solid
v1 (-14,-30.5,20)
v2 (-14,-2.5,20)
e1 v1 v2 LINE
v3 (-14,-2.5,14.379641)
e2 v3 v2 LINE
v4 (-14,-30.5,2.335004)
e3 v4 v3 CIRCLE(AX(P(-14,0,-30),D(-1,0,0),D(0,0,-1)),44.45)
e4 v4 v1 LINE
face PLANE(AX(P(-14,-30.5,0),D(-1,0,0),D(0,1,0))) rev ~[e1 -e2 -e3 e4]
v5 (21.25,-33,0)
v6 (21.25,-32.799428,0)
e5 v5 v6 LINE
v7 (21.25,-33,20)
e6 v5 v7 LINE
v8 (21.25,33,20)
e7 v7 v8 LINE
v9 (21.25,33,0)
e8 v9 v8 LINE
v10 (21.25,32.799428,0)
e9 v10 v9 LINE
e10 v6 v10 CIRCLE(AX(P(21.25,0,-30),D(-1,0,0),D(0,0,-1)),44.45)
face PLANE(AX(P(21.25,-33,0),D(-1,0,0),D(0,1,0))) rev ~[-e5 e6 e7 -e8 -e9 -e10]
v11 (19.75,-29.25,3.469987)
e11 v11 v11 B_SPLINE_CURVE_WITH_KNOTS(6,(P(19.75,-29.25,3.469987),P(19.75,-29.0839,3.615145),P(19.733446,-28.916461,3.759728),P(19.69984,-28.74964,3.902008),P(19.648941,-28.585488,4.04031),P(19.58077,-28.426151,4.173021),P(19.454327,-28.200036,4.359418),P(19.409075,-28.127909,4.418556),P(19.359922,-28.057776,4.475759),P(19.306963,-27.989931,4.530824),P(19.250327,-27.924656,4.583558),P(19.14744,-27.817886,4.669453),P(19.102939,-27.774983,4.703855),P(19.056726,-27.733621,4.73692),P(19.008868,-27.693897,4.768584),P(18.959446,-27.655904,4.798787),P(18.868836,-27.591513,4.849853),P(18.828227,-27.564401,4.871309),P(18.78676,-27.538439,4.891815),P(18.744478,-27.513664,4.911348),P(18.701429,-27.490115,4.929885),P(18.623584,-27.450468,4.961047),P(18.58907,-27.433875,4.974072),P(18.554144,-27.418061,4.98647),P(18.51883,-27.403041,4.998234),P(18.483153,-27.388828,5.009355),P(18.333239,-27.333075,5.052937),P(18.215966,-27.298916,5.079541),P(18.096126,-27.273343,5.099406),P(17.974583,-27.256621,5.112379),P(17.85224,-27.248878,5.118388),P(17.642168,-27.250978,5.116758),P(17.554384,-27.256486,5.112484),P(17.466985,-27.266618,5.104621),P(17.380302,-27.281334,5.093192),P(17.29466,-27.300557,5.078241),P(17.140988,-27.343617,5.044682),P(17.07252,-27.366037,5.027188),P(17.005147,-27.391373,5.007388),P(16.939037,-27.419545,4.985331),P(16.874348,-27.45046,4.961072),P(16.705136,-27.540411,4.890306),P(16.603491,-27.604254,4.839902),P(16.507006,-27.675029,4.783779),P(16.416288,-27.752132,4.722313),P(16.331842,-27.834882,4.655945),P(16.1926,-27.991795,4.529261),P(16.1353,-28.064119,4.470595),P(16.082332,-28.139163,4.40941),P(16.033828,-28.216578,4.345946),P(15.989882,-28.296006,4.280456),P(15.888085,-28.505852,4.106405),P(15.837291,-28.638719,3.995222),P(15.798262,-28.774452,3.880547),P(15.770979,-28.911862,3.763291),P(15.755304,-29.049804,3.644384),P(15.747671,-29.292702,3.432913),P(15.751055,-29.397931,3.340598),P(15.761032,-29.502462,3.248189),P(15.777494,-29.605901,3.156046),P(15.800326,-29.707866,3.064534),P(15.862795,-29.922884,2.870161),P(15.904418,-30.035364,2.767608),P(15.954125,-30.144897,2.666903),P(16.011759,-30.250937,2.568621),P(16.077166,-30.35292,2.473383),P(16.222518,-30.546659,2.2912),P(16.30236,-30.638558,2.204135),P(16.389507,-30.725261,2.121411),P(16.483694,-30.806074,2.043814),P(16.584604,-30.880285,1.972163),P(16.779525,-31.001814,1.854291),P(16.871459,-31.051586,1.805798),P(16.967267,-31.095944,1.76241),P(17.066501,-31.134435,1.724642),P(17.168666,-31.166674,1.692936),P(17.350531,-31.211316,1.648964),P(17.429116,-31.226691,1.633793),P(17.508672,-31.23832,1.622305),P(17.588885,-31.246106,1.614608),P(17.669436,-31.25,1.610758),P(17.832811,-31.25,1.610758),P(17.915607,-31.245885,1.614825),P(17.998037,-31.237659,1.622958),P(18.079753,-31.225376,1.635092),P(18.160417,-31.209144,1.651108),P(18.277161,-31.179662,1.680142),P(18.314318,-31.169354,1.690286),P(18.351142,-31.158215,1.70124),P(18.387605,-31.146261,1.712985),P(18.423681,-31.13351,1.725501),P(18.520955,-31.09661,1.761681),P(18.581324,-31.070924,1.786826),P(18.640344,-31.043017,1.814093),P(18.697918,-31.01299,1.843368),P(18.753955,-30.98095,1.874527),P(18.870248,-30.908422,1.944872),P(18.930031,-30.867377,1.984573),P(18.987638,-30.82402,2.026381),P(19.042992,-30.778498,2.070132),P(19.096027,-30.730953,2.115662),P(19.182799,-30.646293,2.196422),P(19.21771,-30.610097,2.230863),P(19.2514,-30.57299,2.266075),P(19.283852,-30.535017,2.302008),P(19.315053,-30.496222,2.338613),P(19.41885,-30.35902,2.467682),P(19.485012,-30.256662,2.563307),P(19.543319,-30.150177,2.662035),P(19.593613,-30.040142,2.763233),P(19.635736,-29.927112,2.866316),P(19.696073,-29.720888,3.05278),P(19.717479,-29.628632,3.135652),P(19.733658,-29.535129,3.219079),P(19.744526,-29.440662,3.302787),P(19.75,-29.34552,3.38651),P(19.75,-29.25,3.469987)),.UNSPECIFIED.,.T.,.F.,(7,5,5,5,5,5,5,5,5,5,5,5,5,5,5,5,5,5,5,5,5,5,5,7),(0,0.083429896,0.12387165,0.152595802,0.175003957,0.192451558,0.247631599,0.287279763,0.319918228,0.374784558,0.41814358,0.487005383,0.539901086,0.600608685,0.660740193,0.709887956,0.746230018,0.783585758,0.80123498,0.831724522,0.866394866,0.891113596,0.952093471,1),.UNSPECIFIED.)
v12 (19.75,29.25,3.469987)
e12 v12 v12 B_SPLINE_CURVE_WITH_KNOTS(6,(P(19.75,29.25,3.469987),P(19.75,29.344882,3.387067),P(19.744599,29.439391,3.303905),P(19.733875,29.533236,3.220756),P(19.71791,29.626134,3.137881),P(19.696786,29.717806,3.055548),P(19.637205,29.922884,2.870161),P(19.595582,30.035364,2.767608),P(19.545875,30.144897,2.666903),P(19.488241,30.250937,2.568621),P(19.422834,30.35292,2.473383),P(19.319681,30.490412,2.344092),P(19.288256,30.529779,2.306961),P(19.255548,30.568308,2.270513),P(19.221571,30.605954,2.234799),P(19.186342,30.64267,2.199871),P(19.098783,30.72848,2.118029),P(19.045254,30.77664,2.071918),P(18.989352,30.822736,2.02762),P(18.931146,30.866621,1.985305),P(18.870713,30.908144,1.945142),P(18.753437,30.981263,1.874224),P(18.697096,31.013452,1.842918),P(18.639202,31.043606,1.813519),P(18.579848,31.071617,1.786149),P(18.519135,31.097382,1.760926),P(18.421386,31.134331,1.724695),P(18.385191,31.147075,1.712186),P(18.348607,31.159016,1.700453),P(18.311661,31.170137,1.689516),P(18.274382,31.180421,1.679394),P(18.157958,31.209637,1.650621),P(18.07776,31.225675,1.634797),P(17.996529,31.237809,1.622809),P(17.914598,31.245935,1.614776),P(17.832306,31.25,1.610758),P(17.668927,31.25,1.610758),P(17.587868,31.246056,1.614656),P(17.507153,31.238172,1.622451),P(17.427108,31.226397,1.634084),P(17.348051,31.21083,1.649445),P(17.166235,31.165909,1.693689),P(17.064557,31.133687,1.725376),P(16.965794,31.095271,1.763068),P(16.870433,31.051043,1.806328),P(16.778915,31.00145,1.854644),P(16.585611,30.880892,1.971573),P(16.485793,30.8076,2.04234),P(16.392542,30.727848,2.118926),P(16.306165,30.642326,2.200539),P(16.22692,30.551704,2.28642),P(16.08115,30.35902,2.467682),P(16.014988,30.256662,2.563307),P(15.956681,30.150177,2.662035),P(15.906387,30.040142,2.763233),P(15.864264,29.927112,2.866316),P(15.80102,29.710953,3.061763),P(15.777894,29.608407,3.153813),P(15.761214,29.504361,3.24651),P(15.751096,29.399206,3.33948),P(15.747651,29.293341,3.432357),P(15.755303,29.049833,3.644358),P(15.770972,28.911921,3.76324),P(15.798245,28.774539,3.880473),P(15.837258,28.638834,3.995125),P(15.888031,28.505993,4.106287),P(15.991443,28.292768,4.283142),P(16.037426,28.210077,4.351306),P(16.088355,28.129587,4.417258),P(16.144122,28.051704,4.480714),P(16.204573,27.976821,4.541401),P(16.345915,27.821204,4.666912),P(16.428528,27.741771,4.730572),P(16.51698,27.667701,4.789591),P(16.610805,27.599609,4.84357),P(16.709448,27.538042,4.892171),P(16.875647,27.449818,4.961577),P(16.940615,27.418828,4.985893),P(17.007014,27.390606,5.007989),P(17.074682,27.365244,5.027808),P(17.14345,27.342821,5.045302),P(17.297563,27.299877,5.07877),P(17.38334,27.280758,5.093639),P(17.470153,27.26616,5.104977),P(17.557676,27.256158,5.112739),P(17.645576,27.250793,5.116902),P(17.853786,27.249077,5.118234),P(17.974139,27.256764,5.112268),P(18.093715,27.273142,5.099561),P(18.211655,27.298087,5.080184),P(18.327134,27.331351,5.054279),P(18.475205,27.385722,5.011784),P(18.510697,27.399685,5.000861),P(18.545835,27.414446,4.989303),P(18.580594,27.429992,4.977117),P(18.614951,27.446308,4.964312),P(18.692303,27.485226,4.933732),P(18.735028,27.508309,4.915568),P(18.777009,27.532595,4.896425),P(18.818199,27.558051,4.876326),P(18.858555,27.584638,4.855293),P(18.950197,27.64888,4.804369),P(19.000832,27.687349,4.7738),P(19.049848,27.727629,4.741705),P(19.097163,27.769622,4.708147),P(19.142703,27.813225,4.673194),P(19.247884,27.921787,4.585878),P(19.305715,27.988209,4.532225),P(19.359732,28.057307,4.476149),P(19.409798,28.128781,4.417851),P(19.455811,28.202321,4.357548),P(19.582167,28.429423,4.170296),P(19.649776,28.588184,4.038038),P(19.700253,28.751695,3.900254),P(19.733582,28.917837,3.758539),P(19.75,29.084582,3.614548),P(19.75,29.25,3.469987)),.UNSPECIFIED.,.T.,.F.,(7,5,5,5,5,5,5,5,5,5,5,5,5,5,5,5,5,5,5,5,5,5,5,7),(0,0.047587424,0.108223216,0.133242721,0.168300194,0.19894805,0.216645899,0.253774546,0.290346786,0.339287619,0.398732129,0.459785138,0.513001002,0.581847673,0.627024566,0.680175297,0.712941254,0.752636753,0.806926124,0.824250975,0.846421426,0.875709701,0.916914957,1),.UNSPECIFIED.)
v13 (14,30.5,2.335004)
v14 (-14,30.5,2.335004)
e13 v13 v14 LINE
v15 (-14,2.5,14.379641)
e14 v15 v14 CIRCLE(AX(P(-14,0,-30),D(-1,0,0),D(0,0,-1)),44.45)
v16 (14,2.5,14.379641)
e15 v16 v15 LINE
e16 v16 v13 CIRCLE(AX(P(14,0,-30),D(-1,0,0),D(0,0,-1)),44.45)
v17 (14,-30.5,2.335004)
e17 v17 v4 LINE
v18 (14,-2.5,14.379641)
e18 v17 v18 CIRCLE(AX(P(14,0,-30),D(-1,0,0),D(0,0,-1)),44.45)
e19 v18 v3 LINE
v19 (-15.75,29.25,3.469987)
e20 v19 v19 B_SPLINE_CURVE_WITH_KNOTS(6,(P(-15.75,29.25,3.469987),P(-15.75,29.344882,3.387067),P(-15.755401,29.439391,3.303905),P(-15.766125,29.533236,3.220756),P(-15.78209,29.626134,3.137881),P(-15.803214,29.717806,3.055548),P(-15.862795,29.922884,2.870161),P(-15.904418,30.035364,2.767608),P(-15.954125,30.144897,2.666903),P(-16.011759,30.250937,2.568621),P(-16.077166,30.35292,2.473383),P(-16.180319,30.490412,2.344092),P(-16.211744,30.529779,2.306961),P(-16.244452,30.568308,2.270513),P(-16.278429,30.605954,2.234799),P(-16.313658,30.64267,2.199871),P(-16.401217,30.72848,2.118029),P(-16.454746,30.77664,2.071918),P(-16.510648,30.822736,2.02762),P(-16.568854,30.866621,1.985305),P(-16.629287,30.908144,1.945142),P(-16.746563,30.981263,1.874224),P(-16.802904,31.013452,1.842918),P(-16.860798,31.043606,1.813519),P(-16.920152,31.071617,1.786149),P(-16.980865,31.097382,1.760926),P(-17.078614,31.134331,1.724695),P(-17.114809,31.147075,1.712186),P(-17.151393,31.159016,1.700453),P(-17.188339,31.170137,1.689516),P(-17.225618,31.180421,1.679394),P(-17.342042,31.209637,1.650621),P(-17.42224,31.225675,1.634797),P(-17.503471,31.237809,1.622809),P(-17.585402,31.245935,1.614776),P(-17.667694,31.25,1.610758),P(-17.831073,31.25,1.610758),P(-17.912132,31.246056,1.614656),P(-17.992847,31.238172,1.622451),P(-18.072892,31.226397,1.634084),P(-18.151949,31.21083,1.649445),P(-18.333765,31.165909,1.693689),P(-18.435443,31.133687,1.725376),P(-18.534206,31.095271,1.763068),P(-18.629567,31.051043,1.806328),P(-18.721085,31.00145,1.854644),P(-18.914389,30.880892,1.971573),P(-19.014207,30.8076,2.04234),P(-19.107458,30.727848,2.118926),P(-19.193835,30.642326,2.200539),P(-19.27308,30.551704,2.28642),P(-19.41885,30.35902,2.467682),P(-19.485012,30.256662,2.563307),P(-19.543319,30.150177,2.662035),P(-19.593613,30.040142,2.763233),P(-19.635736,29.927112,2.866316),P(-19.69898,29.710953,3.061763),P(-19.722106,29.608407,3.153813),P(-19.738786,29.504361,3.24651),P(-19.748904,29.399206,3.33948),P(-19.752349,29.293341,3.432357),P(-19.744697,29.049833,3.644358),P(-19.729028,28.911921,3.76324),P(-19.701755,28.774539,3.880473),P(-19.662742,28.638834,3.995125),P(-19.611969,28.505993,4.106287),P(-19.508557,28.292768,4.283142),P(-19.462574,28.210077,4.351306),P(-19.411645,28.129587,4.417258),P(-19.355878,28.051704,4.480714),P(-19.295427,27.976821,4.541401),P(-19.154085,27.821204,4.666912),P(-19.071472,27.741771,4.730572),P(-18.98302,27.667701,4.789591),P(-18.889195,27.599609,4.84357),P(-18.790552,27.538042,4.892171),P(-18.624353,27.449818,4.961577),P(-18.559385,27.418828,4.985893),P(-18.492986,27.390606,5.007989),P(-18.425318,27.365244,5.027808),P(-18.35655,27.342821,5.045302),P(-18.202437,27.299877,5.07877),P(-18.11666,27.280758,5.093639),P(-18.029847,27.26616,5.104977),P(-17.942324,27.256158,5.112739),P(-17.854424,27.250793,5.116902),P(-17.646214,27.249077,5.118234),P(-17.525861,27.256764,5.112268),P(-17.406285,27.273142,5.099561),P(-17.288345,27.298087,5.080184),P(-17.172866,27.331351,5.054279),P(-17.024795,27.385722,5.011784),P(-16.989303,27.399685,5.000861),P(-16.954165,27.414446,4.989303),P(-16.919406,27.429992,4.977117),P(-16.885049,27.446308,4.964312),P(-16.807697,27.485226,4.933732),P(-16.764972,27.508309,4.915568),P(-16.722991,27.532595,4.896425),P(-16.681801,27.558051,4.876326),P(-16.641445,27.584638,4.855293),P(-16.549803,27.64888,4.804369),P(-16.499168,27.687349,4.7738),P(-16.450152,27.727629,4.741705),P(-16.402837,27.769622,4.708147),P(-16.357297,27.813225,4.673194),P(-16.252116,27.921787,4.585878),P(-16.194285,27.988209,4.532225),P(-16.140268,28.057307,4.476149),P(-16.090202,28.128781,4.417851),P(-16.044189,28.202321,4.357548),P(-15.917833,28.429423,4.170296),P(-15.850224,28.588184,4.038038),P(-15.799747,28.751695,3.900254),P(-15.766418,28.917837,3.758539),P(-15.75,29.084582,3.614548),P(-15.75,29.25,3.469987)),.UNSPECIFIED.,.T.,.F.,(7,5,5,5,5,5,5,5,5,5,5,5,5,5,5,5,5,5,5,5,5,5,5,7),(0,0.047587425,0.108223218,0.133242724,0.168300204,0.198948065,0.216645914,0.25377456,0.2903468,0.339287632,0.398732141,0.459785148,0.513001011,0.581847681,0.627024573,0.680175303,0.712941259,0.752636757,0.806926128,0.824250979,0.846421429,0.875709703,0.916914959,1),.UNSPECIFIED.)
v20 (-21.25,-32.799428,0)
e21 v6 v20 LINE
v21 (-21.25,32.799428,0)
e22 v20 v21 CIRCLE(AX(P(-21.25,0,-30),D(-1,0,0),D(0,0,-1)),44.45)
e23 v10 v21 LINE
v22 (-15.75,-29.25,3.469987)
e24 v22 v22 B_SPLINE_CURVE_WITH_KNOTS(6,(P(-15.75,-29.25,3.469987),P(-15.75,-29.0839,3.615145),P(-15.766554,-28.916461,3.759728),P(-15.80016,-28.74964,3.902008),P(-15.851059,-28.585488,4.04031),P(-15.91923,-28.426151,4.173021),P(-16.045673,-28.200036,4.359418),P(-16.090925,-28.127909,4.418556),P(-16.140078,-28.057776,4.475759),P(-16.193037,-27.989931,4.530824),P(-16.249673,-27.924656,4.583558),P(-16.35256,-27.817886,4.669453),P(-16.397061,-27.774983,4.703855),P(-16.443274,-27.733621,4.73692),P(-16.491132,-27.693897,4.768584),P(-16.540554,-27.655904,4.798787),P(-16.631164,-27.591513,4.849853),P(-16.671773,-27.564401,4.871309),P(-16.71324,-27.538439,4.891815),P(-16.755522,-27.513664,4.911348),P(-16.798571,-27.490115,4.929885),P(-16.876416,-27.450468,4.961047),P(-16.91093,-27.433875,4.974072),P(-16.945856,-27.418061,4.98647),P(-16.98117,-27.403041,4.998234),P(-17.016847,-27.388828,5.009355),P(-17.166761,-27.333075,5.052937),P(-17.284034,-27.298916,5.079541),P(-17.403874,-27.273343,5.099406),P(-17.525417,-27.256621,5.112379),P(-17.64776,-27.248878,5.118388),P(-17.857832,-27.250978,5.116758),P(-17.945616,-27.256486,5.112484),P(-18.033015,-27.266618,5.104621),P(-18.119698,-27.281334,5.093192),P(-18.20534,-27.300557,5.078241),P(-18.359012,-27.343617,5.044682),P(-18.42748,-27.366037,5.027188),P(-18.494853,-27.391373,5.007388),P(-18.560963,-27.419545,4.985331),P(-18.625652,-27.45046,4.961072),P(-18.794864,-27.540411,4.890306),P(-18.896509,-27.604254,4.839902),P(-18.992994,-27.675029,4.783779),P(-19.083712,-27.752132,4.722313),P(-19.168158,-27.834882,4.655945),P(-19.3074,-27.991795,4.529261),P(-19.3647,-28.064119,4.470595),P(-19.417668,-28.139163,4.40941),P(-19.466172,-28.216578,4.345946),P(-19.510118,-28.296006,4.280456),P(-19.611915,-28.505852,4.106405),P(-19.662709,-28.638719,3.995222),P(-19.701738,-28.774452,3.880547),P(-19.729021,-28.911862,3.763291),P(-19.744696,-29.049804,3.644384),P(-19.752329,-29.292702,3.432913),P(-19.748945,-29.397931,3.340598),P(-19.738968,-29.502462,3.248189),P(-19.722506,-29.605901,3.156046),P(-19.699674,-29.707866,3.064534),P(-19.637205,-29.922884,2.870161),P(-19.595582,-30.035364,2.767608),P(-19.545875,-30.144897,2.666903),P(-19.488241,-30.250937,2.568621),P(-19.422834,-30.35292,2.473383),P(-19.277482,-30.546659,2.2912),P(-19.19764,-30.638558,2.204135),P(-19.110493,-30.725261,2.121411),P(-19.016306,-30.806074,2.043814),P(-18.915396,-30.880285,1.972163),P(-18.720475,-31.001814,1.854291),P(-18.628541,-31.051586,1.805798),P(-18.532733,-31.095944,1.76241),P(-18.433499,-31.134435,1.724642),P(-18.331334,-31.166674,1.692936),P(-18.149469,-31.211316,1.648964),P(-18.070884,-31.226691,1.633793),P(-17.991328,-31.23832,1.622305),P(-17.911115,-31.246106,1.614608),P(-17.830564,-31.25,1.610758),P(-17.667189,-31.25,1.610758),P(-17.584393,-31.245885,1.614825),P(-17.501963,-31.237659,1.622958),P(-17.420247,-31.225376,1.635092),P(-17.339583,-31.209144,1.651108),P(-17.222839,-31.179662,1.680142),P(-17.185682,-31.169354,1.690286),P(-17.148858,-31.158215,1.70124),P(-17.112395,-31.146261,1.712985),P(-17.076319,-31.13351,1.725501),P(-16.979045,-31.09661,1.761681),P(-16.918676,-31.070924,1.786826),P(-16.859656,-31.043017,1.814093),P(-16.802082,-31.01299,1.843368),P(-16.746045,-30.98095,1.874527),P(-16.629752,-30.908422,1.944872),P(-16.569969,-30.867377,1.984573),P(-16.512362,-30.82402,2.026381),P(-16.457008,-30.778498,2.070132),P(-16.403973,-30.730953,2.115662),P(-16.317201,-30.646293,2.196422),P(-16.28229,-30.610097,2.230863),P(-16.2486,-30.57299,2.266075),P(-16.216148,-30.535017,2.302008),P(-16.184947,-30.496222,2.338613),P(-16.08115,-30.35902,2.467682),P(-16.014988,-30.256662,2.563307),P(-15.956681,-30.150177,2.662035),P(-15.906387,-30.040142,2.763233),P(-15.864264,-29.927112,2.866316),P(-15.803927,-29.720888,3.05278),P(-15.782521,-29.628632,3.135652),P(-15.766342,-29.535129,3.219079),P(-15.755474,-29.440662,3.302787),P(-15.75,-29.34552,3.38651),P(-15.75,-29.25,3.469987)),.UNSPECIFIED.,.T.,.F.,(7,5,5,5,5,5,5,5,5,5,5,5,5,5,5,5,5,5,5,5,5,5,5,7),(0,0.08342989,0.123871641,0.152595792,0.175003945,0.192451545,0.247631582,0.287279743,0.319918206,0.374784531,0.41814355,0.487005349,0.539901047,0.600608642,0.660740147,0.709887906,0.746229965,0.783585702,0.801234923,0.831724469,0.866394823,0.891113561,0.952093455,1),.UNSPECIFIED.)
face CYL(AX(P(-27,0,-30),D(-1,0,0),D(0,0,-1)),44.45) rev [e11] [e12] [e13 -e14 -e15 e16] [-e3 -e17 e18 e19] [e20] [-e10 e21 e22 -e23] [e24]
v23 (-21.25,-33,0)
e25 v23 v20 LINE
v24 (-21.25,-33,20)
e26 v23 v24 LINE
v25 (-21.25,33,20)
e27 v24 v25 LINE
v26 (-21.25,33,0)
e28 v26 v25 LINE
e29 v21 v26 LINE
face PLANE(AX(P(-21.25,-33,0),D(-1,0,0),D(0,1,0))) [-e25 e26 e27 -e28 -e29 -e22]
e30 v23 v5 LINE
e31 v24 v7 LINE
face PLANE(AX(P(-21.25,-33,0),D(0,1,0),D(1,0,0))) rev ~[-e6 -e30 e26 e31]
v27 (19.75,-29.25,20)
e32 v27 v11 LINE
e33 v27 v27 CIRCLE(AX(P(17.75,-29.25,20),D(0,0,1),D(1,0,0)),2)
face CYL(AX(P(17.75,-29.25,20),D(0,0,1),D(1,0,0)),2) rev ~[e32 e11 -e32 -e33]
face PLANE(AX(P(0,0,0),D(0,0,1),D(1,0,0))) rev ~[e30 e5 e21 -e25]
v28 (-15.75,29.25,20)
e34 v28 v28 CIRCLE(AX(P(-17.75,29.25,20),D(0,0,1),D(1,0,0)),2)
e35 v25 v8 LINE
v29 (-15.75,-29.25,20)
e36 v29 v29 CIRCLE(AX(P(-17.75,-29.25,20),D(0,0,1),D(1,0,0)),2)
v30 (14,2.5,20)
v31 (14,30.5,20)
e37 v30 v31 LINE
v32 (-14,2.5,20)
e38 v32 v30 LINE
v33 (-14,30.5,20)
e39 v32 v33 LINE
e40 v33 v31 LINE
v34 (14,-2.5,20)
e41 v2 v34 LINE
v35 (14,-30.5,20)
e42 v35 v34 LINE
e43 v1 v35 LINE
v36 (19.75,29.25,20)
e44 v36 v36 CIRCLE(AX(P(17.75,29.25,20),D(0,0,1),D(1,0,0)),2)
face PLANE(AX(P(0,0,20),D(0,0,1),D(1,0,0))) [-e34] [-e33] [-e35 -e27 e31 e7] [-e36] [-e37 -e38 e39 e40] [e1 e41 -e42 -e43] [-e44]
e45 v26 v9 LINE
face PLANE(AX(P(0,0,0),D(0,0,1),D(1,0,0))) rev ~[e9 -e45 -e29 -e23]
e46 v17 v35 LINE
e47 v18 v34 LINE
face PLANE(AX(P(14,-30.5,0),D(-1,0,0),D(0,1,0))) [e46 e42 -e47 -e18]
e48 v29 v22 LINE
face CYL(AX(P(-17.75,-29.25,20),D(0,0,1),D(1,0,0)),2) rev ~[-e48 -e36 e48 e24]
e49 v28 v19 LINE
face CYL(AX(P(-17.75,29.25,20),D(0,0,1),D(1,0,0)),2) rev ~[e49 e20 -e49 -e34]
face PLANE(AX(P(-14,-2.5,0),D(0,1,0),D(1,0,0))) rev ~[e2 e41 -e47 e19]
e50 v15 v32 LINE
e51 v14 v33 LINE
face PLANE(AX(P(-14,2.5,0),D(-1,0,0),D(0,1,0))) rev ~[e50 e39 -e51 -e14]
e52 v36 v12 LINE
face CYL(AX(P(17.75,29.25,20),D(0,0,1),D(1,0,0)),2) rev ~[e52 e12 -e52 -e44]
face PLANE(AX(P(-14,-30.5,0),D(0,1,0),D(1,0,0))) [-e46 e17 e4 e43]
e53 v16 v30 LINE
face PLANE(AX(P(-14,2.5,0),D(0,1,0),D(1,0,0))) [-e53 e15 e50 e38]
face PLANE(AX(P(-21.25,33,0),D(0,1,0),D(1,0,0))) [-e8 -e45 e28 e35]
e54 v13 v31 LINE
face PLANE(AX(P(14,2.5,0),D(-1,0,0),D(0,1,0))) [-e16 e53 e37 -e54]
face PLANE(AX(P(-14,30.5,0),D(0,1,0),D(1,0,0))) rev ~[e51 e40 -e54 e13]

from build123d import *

# Parameters (mm, degrees)
SKETCH1_W               = 42.5
SKETCH1_H               = 66
SKETCH1_W_2             = 28
SKETCH1_H_2             = 28
BOSS_EXTRUDE1_DEPTH     = 20
CUT_EXTRUDE1_DEPTH      = 26
CUT_EXTRUDE1_DEPTH_BACK = 27
SKETCH3_R               = 44.45
SKETCH4_R               = 2
CUT_EXTRUDE2_DEPTH      = 27


with BuildPart() as part:
    # Sketch1 → Boss-Extrude1 (new body)
    with BuildSketch(Plane.XY):
        Rectangle(SKETCH1_W, SKETCH1_H)
        with Locations((0, 16.5)):
            Rectangle(SKETCH1_W_2, SKETCH1_H_2, mode=Mode.SUBTRACT)
        with Locations((0, -16.5)):
            Rectangle(SKETCH1_W_2, SKETCH1_H_2, mode=Mode.SUBTRACT)
    extrude(amount=BOSS_EXTRUDE1_DEPTH)

    # Sketch3 → Cut-Extrude1 (cut, two sides: drawn at the far end of the back side and taken through both)
    with BuildSketch(Plane(origin=(0, 0, 0), x_dir=(0, 0, -1), z_dir=(1, 0, 0)).offset(-CUT_EXTRUDE1_DEPTH_BACK)):
        with Locations((30, 0)):
            Circle(SKETCH3_R)
    extrude(amount=CUT_EXTRUDE1_DEPTH + CUT_EXTRUDE1_DEPTH_BACK, mode=Mode.SUBTRACT)

    # Sketch4 → Cut-Extrude2 (cut)
    with BuildSketch(Plane.XY.offset(20)):
        with Locations((-17.75, 29.25)):
            Circle(SKETCH4_R)
        with Locations((17.75, 29.25)):
            Circle(SKETCH4_R)
        with Locations((-17.75, -29.25)):
            Circle(SKETCH4_R)
        with Locations((17.75, -29.25)):
            Circle(SKETCH4_R)
    extrude(amount=-CUT_EXTRUDE2_DEPTH, mode=Mode.SUBTRACT)


solid = part.part
